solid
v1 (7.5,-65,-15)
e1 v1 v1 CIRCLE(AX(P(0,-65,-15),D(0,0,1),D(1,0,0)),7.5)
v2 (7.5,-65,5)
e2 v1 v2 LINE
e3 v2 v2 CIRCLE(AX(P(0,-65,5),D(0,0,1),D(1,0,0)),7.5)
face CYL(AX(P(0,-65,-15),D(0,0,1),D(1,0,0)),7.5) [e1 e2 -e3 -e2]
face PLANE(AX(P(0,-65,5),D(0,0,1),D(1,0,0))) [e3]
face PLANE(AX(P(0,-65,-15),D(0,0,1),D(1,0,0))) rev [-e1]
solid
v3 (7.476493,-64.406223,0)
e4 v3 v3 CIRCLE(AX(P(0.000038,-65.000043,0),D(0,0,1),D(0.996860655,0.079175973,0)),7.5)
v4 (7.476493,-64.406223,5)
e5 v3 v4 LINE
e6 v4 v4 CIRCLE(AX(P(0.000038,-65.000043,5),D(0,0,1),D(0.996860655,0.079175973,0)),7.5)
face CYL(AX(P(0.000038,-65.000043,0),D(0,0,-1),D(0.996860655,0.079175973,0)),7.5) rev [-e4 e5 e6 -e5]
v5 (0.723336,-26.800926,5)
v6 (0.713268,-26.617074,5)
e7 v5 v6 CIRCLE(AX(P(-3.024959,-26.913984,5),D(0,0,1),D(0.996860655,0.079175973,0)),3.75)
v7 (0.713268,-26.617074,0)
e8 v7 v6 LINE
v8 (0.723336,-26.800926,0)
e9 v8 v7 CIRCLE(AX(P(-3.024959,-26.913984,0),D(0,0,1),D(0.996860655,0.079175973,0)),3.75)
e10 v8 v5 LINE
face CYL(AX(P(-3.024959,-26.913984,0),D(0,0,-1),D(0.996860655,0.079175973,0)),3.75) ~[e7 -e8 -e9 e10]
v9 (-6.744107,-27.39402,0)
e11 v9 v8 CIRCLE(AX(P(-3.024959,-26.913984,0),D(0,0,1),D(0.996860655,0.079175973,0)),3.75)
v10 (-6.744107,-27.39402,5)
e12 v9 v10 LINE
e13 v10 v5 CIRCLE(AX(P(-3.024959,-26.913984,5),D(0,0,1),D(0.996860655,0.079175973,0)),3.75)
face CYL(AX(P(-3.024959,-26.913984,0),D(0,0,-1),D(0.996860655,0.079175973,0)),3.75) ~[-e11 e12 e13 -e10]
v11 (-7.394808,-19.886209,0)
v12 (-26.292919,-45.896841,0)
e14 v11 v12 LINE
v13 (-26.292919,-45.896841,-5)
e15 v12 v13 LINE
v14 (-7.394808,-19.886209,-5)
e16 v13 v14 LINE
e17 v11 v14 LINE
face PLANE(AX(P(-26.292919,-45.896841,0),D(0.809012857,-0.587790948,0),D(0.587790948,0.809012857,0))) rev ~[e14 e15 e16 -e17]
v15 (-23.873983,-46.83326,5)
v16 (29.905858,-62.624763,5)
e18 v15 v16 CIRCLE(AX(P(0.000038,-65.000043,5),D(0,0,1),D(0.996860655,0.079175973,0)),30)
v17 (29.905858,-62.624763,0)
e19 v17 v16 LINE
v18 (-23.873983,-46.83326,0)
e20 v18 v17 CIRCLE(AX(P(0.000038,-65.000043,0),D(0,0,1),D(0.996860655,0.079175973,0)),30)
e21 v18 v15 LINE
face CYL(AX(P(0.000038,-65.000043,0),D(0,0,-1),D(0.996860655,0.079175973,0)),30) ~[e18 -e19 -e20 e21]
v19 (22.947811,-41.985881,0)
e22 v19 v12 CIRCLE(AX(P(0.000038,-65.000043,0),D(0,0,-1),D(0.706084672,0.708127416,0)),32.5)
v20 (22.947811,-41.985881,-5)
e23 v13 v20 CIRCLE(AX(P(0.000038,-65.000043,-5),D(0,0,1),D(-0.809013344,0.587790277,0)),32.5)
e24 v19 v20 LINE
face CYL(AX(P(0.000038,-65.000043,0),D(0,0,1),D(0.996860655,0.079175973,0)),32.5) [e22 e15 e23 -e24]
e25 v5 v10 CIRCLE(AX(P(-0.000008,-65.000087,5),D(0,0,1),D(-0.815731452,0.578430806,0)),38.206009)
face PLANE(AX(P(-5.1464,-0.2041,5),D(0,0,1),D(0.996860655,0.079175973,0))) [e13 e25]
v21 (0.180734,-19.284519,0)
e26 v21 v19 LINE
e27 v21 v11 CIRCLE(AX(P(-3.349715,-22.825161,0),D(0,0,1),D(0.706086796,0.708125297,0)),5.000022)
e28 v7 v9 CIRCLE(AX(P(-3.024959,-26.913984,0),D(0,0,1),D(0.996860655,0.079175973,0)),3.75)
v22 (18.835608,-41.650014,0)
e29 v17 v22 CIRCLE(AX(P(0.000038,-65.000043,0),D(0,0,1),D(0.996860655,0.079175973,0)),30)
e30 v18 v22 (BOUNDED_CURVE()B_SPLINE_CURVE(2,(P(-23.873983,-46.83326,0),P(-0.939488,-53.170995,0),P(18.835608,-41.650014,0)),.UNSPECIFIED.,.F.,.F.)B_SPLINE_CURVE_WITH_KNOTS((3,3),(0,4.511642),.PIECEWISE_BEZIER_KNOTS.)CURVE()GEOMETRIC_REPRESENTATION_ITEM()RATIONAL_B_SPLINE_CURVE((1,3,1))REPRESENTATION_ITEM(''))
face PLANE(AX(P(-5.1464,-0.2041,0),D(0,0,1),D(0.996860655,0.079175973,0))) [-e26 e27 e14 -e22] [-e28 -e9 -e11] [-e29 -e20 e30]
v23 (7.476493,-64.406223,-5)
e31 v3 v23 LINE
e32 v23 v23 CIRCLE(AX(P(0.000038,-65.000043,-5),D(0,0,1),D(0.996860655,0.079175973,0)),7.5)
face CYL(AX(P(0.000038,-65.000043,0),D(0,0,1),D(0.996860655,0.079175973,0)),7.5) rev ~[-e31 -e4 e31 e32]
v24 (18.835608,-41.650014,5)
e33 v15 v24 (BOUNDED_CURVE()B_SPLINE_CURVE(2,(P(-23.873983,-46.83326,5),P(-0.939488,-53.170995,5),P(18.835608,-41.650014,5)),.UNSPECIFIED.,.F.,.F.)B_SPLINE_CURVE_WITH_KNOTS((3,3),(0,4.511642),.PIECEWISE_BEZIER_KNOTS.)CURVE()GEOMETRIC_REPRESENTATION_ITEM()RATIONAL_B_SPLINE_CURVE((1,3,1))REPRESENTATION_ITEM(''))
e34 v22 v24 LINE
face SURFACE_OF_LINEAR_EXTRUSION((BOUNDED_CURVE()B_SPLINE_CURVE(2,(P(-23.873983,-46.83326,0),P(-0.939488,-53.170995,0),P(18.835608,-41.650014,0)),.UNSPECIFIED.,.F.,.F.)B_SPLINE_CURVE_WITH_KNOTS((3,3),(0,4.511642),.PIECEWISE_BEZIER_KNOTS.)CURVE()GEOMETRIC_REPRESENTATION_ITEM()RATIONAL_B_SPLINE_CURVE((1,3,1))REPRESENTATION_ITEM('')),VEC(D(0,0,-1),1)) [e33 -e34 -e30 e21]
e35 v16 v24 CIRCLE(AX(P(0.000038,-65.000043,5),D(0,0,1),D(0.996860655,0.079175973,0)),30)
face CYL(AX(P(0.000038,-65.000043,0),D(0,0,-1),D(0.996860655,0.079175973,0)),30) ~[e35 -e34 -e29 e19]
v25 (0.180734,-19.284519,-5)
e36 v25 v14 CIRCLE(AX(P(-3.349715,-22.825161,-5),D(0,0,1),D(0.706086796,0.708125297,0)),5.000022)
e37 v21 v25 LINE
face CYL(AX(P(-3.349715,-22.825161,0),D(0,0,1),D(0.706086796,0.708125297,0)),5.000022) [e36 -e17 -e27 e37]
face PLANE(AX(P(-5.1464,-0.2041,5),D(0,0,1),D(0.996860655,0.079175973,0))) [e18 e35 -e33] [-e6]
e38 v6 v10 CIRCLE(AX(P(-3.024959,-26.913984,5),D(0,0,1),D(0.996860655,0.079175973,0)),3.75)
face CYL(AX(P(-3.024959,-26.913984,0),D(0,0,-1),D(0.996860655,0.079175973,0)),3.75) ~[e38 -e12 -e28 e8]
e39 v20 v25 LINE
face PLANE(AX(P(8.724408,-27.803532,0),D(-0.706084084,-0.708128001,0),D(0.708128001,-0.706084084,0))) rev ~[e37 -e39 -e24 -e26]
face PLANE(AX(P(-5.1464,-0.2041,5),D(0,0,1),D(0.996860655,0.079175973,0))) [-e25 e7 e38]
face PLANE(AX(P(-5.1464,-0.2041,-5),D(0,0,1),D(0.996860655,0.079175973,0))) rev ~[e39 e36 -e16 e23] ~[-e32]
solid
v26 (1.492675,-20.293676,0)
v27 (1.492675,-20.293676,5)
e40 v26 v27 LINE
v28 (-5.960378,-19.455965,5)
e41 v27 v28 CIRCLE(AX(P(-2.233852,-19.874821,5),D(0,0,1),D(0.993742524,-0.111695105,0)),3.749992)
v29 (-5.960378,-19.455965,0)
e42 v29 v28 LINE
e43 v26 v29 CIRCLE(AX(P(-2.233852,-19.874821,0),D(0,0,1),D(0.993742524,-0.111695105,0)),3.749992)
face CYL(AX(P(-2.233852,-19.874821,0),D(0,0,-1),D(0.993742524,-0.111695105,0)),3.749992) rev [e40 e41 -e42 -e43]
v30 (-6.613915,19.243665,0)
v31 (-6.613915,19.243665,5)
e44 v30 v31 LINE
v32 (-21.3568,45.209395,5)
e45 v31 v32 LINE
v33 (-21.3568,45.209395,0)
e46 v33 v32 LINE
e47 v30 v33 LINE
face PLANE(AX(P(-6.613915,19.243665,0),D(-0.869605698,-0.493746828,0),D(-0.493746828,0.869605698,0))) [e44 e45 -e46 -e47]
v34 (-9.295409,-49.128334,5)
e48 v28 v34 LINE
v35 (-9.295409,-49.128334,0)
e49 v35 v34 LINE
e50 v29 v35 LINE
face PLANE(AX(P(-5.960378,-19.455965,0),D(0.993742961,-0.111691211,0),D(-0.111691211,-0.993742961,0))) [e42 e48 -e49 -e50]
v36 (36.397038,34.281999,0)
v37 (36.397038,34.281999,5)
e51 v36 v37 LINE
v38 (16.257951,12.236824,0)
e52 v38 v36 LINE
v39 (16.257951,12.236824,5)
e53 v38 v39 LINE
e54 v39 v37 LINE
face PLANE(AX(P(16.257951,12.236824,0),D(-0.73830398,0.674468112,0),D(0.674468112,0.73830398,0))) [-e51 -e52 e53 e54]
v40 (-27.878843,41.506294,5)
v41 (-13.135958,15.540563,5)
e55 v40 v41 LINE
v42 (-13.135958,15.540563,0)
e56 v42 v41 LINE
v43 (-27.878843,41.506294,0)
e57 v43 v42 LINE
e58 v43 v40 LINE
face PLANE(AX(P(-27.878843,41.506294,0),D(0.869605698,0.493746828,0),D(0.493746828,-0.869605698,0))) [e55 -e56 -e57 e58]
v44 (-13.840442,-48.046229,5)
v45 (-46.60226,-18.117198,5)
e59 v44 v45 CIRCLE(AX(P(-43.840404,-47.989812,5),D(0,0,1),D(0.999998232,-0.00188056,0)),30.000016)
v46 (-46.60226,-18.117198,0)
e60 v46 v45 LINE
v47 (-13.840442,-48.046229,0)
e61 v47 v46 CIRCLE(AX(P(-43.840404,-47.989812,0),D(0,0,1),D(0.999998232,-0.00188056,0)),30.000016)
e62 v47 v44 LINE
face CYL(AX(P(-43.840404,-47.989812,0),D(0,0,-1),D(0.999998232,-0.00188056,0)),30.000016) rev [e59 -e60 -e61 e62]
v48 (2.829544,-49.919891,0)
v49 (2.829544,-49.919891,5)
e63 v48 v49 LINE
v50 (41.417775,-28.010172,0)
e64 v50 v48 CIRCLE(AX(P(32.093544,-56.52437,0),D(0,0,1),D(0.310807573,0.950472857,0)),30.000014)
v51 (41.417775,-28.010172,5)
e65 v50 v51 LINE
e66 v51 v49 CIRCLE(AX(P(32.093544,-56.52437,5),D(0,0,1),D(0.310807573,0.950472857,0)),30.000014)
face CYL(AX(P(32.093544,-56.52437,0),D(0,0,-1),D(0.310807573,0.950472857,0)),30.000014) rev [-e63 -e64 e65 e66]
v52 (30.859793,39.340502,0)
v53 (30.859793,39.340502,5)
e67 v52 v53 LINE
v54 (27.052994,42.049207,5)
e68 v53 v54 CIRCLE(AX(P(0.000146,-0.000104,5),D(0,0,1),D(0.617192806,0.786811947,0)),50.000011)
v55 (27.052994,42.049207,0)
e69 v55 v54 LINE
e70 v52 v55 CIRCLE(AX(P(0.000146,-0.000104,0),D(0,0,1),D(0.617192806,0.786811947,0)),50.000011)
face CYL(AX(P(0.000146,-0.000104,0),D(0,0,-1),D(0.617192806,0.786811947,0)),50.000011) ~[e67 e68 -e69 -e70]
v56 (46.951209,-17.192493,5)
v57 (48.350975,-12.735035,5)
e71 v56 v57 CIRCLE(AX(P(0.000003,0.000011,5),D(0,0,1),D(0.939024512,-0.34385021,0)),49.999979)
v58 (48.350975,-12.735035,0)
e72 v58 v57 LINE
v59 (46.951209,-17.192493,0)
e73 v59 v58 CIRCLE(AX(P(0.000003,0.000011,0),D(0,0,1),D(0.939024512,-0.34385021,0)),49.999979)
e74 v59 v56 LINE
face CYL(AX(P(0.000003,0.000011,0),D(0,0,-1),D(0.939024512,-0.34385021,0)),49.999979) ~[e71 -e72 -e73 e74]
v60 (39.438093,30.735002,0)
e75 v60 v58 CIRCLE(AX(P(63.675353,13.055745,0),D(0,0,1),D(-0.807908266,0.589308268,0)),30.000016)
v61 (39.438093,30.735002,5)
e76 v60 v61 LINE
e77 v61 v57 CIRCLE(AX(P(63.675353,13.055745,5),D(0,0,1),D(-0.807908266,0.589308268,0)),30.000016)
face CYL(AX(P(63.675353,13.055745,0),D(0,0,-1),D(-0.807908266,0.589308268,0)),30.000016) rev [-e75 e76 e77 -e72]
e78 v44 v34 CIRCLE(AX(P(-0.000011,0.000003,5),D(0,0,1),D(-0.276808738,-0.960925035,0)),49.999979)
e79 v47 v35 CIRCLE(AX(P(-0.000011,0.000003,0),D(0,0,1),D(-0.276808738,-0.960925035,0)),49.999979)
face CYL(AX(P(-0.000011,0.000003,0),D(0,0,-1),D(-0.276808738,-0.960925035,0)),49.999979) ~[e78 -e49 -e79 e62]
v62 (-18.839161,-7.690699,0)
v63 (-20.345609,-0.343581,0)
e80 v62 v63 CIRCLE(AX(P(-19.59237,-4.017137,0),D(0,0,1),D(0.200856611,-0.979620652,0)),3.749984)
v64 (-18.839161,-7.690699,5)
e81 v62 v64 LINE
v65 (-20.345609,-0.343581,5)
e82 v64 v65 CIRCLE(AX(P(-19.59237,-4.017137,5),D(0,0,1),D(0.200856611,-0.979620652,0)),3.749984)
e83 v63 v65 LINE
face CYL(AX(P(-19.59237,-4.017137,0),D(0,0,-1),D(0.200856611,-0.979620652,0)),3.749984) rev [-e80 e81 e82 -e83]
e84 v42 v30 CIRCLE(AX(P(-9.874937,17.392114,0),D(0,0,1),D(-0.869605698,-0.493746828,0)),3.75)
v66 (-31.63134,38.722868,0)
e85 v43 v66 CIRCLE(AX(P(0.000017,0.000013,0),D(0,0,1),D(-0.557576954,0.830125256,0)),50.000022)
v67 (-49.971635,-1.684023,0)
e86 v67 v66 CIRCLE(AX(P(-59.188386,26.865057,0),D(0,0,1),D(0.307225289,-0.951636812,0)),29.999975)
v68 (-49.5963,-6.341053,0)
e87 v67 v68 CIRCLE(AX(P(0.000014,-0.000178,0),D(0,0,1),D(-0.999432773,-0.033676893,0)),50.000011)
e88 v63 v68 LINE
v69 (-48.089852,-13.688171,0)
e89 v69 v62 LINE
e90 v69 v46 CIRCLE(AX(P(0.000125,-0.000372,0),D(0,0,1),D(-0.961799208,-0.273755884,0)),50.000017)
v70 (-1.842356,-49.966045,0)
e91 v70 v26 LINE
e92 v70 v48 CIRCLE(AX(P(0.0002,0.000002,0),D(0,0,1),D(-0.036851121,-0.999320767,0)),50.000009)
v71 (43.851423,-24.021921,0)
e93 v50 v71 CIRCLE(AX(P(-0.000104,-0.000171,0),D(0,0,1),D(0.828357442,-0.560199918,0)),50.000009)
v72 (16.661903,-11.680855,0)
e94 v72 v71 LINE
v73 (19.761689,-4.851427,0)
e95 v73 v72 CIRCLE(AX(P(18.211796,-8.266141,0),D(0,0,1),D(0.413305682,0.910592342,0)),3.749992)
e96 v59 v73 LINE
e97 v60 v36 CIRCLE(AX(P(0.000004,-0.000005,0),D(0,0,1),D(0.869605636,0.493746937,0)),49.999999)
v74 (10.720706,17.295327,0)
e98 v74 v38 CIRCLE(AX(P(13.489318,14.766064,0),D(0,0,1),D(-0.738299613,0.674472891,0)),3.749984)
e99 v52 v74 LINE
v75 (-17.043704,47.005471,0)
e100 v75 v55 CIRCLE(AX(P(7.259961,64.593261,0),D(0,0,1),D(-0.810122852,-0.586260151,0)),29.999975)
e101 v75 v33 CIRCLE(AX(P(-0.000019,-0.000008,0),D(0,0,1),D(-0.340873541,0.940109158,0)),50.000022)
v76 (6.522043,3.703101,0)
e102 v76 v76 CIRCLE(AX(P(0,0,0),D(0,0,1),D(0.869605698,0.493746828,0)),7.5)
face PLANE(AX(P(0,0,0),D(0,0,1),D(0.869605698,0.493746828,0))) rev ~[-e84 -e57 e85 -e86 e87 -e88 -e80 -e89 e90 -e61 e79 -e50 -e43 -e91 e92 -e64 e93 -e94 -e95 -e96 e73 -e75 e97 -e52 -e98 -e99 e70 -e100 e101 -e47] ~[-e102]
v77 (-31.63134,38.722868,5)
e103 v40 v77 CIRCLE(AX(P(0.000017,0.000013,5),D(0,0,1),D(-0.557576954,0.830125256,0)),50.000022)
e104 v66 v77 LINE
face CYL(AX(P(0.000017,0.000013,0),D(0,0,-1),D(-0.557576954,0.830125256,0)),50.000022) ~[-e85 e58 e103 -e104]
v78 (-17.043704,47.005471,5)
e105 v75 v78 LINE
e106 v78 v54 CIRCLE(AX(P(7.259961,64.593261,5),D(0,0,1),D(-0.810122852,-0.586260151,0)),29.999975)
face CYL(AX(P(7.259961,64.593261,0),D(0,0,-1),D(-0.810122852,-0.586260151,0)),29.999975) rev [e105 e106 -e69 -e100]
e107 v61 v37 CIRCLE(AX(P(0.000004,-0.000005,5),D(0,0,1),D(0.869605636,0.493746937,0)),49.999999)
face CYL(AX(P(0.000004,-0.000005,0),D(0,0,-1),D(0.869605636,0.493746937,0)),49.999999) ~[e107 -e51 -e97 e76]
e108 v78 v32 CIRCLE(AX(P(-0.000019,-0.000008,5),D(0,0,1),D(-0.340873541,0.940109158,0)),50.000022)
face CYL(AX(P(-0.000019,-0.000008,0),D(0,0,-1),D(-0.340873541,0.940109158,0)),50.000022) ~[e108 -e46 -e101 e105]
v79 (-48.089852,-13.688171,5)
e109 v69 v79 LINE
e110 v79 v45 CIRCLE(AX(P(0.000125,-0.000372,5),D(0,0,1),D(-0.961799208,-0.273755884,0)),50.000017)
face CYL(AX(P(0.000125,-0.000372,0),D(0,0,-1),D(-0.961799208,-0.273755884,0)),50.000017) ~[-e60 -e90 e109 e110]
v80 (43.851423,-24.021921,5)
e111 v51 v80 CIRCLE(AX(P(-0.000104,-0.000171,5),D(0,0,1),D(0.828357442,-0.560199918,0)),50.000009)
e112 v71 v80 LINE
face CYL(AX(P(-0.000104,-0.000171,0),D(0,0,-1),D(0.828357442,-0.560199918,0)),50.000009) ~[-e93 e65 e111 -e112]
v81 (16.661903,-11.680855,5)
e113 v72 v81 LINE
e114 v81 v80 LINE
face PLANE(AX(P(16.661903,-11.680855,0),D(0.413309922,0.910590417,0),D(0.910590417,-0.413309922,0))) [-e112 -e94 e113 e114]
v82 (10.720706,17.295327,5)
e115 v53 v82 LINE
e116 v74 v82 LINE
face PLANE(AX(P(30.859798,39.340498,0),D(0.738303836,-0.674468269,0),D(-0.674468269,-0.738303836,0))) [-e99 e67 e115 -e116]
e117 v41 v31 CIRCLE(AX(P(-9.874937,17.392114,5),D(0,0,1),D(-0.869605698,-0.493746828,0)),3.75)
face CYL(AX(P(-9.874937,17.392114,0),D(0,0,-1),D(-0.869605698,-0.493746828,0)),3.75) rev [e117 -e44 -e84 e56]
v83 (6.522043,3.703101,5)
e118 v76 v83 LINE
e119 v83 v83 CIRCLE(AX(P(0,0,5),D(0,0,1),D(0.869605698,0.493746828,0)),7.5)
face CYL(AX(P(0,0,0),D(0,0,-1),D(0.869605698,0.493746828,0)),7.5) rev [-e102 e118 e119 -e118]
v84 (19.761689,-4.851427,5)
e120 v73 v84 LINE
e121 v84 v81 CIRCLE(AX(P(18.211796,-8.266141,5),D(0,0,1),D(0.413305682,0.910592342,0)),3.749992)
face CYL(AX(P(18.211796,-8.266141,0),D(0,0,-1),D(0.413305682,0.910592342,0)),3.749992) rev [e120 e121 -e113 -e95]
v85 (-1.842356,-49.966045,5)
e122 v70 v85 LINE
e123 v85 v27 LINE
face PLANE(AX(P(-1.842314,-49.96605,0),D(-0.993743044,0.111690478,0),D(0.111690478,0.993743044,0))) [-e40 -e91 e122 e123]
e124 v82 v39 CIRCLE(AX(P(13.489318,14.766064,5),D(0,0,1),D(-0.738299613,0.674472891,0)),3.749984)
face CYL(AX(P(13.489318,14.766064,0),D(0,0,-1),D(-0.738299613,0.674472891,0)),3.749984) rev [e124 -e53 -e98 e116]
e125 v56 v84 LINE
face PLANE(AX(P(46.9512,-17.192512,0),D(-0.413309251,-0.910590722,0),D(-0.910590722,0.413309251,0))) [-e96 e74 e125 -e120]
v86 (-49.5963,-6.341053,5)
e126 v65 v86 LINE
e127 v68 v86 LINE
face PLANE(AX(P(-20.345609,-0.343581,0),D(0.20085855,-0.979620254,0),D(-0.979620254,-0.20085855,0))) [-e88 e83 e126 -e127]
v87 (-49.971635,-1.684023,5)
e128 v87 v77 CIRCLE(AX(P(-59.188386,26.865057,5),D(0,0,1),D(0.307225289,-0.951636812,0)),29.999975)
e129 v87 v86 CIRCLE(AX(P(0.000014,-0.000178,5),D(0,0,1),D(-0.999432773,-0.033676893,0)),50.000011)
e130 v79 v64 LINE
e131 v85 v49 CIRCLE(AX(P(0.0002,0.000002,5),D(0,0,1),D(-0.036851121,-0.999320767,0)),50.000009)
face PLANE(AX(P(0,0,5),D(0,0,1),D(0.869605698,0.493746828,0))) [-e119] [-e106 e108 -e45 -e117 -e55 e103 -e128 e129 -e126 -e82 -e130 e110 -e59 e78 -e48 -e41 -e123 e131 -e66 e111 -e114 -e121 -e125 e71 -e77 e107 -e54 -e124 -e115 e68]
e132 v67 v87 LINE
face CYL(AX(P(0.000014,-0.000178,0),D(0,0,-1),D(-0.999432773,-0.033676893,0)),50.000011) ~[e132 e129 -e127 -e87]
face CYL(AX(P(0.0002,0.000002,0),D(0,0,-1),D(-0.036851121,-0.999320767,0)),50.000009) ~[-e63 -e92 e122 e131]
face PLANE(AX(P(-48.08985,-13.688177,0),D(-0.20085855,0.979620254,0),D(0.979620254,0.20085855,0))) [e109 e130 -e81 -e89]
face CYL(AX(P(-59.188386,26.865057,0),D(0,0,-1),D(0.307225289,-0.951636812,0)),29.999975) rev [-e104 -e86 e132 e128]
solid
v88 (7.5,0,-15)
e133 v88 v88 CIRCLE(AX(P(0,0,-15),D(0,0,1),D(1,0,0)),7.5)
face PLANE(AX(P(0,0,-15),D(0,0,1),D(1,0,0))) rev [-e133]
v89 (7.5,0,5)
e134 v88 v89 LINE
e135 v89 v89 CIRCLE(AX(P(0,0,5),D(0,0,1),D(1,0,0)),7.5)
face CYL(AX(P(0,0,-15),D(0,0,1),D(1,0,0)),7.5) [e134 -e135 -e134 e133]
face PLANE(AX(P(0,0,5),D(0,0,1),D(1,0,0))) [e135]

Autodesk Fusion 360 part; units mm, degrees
sketch "Sketch1" plane through (0, 0, 0) normal (0, 0, 1) x (1, 0, 0) in component "Follower"
  line L0 (0, 0) -> (29.3893, -40.4508) construction
  line L1 (0, 0) -> (50, 0) construction
  line L2 (0, 0) -> (-9.5515, -13.1465) construction
  line L3 (0, 0) -> (50, 0) construction
  line L4 (8.7219, -18.3845) -> (26.3554, -42.655)
  line L5 (32.4231, -38.2467) -> (14.7895, -13.9761)
  arc A0 (14.7895, -13.9761) -> (8.7219, -18.3845) centre (11.7557, -16.1803) ccw
  line L6 (20.1799, 2.6139) -> (48.5777, 11.8409)
  arc A1 (17.8623, 9.7468) -> (20.1799, 2.6139) centre (19.0211, 6.1803) ccw
  line L7 (46.394, 19.0173) -> (17.8623, 9.7468)
  line L8 (3.75, 20) -> (3.75, 50)
  arc A2 (-3.75, 20) -> (3.75, 20) centre (0, 20) ccw
  line L9 (-3.75, 50) -> (-3.75, 20)
  line L10 (-17.8623, 9.7468) -> (-46.394, 19.0173)
  arc A3 (-20.1799, 2.6139) -> (-17.8623, 9.7468) centre (-19.0211, 6.1803) ccw
  line L11 (-48.7116, 11.8844) -> (-20.1799, 2.6139)
  line L12 (-14.7895, -13.9761) -> (-32.4231, -38.2467)
  arc A4 (-8.7219, -18.3845) -> (-14.7895, -13.9761) centre (-11.7557, -16.1803) ccw
  line L13 (-26.3554, -42.655) -> (-8.7219, -18.3845)
  circle A5 centre (0, 0) radius 7.5
  arc A6 (22.1872, -44.8077) -> (-22.1872, -44.8077) centre (0, -65) ccw
  arc A7 (-29.3183, -40.5023) -> (-18.1729, -31.3928) centre (0, -65) ccw construction
  arc A8 (-29.3893, -40.4508) -> (-29.3183, -40.5023) centre (0, 0) ccw
  arc A9 (-26.2727, -42.5411) -> (-22.1872, -44.8077) centre (0, 0) ccw
  arc A10 (22.1872, -44.8077) -> (26.2727, -42.5411) centre (0, 0) ccw
  arc A11 (29.3183, -40.5023) -> (29.3893, -40.4508) centre (0, 0) ccw
  arc A12 (49.4709, 7.2549) -> (35.7584, -34.9476) centre (61.8187, -20.0861) ccw
  arc A13 (8.3875, 49.2915) -> (44.2871, 23.2089) centre (38.206, 52.5861) ccw
  arc A14 (-44.2871, 23.2089) -> (-8.3875, 49.2915) centre (-38.206, 52.5861) ccw
  arc A15 (-35.7584, -34.9476) -> (-49.4709, 7.2549) centre (-61.8187, -20.0861) ccw
  arc A16 (-48.5777, 11.8409) -> (-49.4709, 7.2549) centre (0, 0) ccw
  arc A17 (-35.7584, -34.9476) -> (-32.3403, -38.1327) centre (0, 0) ccw
  arc A18 (-3.75, 49.8592) -> (-8.3875, 49.2915) centre (0, 0) ccw
  arc A19 (-44.2871, 23.2089) -> (-46.2601, 18.9738) centre (0, 0) ccw
  arc A20 (46.2601, 18.9738) -> (44.2871, 23.2089) centre (0, 0) ccw
  arc A21 (8.3875, 49.2915) -> (3.75, 49.8592) centre (0, 0) ccw
  arc A22 (32.3403, -38.1327) -> (35.7584, -34.9476) centre (0, 0) ccw
  arc A23 (50, 0) -> (48.5777, 11.8409) centre (0, 0) ccw
  dimension "d1" = 100
  dimension "d2" = 54
  dimension "d3" = 50
  dimension "d4" = 126
  dimension "d5" = 65
  dimension "d6" = 60
  dimension "d8" = 20
  dimension "d11" = 15
  dimension "d13" = 360
extrude "Extrude1" add sketch "Sketch1" along normal blind 5 makes body 1 in component "Follower"
sketch "Sketch1 (2)" plane through (0, 0, 0) normal (0, 0, 1) x (1, 0, 0) in component "Cam"
  arc A0 (-29.3183, -40.5023) -> (-18.1729, -31.3928) centre (0, -65) ccw
  circle A1 centre (0, -65) radius 30
  circle A2 centre (0, -65) radius 32.5
  circle A3 centre (0, -65) radius 7.5
  circle A4 centre (0, -26.794) radius 3.75
  line L0 (-24.6979, -43.875) -> (-3.7997, -19.4423)
  line L1 (3.7997, -19.4423) -> (24.6979, -43.875)
  arc A5 (3.7997, -19.4423) -> (-3.7997, -19.4423) centre (0, -22.6923) ccw
  spline S0 degree 2 poles (-22.3607, -45) (0, -53.1337) (20.6252, -43.2146) knots 0 0 0 4.511642 4.511642 4.511642 weights 1 3 1
  point P0 (0, -15)
  dimension "d16" = 60
  dimension "d17" = 65
  dimension "d18" = 15
  dimension "d19" = 7.5
  dimension "d20" = 15
  dimension "d21" = 5
  dimension "d23" = 20
extrude "Extrude1'" add sketch "Sketch1 (2)" against normal blind 5 separate body contours A0 A2 A4 L0 L1 | A0 A4 L0 L1 A5 | A0 A4 | A0 A4 | A2 | A1 S0 | A1 S0 makes body 2 in component "Cam"
extrude "Extrude2" add sketch "Sketch1 (2)" along normal blind 5 contours A0 A4 | A0 A4 | A1 S0 picked at (14.8588, -54.2841) bodies 2 in component "Cam"
cylinder "CylinderPrimitive1" add diameter 15 height -20 placed x (1, 0, 0) y (0, 1, 0) z (0, 0, 1) at (0, 0, 5) separate body makes body 3 in component "Component"
component "Follower" placed x (0.869606, 0.493747, 0) y (-0.493747, 0.869606, 0) z (0, 0, 1) at (0, 0, 0)
component "Cam" placed x (0.996861, 0.079176, 0) y (-0.079176, 0.996861, 0) z (0, 0, 1) at (-5.1464, -0.2041, 0)
component "Component" placed x (1, 0, 0) y (0, 1, 0) z (0, 0, 1) at (0, 0, 0)
component "Component" placed x (1, 0, 0) y (0, 1, 0) z (0, 0, 1) at (0, -65, 0)
